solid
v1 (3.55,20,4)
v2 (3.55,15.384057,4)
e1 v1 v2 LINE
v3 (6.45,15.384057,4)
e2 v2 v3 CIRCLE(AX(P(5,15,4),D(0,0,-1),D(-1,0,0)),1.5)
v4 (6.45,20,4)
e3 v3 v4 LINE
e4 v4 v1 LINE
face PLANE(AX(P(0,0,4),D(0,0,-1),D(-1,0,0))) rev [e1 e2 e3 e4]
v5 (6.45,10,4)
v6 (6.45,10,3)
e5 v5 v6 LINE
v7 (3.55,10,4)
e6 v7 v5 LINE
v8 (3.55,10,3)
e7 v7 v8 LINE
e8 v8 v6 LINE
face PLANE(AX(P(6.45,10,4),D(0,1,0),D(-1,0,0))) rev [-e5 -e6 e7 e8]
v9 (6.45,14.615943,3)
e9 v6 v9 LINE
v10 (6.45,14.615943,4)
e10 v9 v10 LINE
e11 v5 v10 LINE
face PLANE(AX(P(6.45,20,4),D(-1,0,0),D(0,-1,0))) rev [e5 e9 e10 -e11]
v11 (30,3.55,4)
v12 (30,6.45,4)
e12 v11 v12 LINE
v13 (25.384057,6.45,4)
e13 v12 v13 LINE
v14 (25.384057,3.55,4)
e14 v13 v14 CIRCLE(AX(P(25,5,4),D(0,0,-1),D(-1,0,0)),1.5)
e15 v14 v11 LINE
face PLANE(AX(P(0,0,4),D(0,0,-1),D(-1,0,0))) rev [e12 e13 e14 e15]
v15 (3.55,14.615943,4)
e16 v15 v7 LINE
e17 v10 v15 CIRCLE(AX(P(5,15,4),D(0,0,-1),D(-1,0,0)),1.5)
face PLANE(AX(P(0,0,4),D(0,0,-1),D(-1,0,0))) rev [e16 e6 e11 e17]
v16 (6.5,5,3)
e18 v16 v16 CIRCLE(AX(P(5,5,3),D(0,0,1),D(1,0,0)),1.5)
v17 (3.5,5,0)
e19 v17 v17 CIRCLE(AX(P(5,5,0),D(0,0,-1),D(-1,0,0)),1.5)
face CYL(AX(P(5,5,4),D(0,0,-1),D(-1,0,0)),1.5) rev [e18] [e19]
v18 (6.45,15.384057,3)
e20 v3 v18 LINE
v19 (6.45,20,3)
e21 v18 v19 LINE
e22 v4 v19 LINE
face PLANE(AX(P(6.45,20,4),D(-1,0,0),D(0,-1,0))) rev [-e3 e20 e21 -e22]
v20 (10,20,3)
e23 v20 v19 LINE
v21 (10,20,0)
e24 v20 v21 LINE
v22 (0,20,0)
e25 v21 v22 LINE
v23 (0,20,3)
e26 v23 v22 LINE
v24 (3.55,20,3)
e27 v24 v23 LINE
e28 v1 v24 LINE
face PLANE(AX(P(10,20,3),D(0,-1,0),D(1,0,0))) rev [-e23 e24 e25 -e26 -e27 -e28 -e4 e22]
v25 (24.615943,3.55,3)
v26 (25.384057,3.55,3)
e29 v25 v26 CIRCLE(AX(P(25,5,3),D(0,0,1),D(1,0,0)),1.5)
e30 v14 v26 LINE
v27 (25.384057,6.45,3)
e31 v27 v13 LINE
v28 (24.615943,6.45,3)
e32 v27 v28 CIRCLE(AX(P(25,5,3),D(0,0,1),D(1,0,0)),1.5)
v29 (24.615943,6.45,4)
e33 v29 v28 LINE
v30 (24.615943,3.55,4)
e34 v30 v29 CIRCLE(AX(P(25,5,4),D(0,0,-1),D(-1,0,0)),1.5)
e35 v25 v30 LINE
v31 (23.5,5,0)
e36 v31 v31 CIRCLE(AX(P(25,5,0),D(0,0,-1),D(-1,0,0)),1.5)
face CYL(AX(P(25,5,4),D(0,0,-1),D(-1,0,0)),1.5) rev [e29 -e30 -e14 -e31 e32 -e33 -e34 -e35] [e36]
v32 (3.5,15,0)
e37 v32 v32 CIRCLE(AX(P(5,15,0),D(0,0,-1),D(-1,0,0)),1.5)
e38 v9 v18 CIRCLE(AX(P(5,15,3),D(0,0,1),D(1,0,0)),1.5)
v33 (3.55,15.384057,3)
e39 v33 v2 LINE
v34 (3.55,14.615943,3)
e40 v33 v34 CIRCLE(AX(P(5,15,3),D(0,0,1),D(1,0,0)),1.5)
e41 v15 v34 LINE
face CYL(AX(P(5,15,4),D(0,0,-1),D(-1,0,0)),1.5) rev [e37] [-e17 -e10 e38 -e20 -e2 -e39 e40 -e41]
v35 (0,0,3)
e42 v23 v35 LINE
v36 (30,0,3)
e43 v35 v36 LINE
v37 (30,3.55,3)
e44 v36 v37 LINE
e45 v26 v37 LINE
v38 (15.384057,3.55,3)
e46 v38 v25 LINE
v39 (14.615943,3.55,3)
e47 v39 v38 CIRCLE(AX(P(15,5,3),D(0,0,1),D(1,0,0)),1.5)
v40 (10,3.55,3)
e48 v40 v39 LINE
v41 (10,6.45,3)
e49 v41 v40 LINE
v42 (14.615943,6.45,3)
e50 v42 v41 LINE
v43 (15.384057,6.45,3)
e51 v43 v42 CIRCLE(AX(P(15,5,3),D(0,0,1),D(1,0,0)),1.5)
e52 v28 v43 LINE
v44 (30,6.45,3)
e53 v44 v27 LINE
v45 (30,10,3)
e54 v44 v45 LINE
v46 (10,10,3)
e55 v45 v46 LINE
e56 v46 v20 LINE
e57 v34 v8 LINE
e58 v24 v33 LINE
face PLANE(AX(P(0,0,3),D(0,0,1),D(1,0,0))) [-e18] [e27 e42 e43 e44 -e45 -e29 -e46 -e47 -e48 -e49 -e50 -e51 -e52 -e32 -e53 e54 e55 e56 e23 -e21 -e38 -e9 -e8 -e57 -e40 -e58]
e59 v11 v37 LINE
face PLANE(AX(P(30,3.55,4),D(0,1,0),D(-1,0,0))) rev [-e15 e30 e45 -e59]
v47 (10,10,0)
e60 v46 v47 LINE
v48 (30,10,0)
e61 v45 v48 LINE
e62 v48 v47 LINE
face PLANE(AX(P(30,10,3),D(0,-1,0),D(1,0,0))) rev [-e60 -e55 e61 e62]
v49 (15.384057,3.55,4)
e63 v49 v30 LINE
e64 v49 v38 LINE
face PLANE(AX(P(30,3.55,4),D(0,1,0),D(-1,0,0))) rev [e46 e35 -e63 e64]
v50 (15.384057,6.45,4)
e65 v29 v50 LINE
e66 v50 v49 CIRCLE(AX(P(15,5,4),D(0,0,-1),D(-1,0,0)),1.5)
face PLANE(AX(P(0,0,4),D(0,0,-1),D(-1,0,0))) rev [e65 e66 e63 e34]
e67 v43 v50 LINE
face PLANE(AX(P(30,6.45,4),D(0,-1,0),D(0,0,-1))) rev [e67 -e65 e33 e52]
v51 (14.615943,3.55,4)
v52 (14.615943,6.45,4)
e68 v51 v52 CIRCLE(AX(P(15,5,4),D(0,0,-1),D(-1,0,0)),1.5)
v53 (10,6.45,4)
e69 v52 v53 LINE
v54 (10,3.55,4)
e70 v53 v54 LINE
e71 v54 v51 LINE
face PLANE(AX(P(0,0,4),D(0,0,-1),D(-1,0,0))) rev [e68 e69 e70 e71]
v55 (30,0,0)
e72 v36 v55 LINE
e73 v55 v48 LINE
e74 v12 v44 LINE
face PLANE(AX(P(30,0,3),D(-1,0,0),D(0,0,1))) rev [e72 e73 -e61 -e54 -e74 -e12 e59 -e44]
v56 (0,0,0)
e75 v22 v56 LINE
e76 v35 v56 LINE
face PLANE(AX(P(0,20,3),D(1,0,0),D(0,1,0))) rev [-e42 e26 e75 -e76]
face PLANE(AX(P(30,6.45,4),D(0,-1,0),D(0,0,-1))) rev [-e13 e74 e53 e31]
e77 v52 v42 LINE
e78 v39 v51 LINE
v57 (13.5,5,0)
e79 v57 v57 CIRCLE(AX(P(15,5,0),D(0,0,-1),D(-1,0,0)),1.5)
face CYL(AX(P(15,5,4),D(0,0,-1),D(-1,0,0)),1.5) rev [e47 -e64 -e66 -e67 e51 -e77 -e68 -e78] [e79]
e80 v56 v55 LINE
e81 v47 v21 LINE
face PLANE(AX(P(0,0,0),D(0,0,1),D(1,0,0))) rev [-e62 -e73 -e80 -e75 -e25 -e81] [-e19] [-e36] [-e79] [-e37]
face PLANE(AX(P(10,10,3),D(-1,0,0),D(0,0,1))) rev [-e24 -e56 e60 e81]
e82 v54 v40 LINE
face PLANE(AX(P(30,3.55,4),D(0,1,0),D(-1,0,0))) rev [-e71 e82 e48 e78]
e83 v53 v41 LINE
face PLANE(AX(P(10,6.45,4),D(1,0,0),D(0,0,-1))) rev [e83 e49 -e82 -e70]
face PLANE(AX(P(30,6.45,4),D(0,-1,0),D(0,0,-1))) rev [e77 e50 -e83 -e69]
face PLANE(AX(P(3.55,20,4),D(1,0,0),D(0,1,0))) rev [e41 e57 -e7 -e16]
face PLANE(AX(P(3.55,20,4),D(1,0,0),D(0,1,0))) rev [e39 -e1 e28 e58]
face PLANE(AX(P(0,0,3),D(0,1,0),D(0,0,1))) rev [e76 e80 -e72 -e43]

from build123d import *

# Parameters (mm, degrees)
BOSS_EXTRU_1_DEPTH      = 3
ESQUISSE2_W             = 2.9
ESQUISSE2_H             = 10
ESQUISSE2_W_2           = 20
ESQUISSE2_H_2           = 2.9
BOSS_EXTRU_2_DEPTH      = 1
ESQUISSE3_R             = 1.5
ENL_V_MAT_EXTRU_1_DEPTH = 5


with BuildPart() as part:
    # Esquisse1 → Boss.-Extru.1 (new body)
    with BuildSketch(Plane.XY):
        Polygon((0, 0), (30, 0), (30, 10), (10, 10), (10, 20), (0, 20), align=None)
    extrude(amount=BOSS_EXTRU_1_DEPTH)

    # Esquisse2 → Boss.-Extru.2 (add)
    with BuildSketch(Plane.XY.offset(3)):
        with Locations((5, 15)):
            Rectangle(ESQUISSE2_W, ESQUISSE2_H)
        with Locations((20, 5)):
            Rectangle(ESQUISSE2_W_2, ESQUISSE2_H_2)
    extrude(amount=BOSS_EXTRU_2_DEPTH)

    # Esquisse3 → Enlèv. mat.-Extru.1 (cut, through all)
    with BuildSketch(Plane(origin=(0, 0, 0), x_dir=(-1, 0, 0), z_dir=(0, 0, -1))):
        with Locations((-25, 5)):
            Circle(ESQUISSE3_R)
        with Locations((-15, 5)):
            Circle(ESQUISSE3_R)
        with Locations((-5, 15)):
            Circle(ESQUISSE3_R)
        with Locations((-5, 5)):
            Circle(ESQUISSE3_R)
    extrude(amount=-ENL_V_MAT_EXTRU_1_DEPTH, mode=Mode.SUBTRACT)


solid = part.part
